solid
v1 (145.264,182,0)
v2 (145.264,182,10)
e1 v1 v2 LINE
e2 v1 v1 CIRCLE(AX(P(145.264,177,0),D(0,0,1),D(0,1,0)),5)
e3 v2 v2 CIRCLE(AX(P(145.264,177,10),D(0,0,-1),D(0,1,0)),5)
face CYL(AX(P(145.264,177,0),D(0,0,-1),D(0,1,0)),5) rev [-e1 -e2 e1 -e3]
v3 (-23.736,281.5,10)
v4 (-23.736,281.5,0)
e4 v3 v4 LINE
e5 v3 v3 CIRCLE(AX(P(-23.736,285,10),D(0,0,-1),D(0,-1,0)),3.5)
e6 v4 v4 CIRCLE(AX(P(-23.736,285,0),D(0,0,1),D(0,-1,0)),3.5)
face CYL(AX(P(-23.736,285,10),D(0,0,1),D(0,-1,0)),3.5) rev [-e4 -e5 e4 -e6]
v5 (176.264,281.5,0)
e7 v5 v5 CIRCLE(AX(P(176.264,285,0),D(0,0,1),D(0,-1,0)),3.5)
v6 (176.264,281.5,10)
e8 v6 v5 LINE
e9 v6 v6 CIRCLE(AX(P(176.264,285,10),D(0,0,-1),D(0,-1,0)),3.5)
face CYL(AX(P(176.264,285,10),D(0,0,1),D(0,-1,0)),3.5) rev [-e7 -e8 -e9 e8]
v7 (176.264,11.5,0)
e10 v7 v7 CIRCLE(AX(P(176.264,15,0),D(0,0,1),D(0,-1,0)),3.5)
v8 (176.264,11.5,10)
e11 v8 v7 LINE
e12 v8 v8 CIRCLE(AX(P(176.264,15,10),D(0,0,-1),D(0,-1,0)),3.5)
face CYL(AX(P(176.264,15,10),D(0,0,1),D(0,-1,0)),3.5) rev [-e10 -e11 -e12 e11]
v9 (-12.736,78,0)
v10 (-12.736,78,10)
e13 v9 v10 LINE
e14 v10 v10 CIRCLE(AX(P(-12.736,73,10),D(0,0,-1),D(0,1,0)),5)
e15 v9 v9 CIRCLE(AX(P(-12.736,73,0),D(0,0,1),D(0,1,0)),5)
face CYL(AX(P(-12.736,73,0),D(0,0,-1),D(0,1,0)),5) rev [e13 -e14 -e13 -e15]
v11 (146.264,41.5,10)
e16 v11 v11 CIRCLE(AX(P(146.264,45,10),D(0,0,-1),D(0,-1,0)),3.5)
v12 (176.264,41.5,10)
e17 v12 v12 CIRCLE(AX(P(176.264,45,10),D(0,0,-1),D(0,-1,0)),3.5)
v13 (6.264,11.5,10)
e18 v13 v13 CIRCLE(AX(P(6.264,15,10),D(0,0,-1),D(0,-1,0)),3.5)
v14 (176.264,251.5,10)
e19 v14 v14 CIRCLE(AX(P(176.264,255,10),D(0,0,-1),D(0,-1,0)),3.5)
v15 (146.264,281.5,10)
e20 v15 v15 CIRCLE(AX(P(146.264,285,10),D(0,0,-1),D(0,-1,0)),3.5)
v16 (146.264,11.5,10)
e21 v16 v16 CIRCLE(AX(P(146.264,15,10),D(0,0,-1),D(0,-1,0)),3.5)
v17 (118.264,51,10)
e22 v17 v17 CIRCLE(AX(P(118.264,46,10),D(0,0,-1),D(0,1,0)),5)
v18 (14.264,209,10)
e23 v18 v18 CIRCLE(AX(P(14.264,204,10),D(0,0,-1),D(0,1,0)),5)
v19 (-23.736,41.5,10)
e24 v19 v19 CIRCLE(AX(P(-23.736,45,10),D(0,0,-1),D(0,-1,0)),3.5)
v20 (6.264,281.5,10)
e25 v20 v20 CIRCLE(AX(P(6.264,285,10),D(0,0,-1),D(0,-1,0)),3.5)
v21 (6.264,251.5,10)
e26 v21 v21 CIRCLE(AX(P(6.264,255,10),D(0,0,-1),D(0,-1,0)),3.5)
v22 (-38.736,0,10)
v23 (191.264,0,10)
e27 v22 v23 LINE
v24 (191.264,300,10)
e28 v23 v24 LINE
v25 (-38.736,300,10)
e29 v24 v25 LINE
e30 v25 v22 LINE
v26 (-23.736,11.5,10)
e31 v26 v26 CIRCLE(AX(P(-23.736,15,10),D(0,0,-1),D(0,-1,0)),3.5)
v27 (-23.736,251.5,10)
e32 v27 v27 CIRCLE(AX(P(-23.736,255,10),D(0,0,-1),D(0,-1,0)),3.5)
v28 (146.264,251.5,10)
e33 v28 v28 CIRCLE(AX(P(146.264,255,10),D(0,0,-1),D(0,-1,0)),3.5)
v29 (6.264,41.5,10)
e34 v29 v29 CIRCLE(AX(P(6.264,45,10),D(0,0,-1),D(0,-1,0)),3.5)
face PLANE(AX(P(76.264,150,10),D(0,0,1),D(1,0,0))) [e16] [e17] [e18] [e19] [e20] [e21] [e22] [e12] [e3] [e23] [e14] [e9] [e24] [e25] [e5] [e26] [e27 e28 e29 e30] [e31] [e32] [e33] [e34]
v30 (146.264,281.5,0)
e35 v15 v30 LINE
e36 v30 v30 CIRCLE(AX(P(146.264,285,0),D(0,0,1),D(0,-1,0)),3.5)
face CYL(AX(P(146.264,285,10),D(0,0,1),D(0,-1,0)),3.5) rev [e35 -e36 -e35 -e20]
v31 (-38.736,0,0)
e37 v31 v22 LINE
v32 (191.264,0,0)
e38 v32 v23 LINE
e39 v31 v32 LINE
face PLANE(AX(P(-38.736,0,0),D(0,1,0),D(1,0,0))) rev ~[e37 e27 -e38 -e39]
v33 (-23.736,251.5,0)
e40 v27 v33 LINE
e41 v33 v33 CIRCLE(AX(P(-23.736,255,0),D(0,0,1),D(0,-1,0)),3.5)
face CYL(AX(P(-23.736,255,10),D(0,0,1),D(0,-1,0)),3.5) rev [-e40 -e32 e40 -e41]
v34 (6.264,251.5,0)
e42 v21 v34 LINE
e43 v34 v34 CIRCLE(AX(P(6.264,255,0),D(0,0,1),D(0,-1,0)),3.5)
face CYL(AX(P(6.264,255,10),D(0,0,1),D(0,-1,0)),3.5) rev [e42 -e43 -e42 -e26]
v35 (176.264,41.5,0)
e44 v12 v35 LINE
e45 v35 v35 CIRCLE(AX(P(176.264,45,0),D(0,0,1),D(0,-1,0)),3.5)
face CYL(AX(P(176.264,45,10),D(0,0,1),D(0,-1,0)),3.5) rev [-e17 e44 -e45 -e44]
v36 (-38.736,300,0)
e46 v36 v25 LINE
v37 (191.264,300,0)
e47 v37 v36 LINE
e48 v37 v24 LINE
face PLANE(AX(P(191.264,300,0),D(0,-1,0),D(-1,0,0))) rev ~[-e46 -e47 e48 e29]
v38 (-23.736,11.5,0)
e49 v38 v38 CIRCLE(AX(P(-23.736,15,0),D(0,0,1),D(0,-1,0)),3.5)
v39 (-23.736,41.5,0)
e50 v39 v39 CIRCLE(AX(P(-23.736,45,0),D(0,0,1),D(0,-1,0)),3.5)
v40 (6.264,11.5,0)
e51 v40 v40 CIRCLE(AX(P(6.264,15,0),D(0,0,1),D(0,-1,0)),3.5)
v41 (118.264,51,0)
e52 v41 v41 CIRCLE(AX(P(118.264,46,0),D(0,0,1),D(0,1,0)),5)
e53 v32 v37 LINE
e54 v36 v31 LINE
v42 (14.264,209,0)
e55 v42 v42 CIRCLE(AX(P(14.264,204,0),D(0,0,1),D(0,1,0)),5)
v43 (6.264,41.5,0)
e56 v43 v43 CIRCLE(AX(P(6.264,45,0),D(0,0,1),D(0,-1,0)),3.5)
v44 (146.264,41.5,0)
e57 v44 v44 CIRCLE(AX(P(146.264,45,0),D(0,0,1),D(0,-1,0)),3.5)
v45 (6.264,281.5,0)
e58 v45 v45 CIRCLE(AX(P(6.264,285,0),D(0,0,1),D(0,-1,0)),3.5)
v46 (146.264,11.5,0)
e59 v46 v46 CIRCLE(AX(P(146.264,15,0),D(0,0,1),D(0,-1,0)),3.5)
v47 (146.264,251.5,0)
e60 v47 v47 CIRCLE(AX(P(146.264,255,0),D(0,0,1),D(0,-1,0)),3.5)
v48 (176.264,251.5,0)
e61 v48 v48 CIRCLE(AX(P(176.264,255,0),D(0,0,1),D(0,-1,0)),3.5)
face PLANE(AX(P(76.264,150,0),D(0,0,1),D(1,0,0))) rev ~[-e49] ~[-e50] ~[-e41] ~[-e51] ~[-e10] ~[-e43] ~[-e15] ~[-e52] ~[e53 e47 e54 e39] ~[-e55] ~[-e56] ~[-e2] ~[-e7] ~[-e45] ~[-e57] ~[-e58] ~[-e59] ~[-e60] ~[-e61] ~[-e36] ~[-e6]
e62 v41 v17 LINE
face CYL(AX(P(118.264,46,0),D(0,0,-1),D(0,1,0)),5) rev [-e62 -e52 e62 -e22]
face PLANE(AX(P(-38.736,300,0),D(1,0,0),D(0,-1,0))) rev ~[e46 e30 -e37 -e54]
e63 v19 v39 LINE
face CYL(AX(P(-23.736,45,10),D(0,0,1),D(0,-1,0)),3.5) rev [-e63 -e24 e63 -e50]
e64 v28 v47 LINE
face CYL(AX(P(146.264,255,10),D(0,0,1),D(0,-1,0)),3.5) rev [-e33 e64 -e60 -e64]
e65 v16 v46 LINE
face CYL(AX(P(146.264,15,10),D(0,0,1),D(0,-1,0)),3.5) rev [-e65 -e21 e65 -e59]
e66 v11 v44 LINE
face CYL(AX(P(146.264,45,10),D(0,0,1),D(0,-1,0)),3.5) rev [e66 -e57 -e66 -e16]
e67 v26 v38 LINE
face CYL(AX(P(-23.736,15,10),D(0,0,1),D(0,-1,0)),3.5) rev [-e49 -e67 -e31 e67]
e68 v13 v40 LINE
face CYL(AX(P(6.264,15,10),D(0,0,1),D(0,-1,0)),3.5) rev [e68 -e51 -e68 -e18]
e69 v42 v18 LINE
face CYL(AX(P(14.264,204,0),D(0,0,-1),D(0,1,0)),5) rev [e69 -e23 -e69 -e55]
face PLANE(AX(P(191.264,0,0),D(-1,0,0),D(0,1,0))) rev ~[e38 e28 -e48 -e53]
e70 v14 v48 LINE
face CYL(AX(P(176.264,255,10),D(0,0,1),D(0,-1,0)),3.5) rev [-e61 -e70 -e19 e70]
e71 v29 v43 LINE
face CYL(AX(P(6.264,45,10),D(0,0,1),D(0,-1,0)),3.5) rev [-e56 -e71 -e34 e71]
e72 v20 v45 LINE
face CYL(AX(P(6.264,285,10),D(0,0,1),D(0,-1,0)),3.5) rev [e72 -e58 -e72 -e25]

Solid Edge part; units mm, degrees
sketch "Sketch1" plane through (0, 0, 0) normal (0, 0, 1) x (1, 0, 0)
  line L0 (-38.736, 0) -> (191.264, 0)
  line L1 (191.264, 0) -> (191.264, 300)
  line L2 (191.264, 300) -> (-38.736, 300)
  line L3 (-38.736, 300) -> (-38.736, 0)
  dimension "D1" = 300
  dimension "D2" = 230
extrude "Protrusion1" add sketch "Sketch1" along normal blind 10
hole "Hole_1" at (6.264, 285, 10) direction (0, 0, -1) diameter 7 end up to next
hole "Hole1" at (6.264, 255, 10) direction (0, 0, -1) diameter 7 end up to next
hole "Hole2" at (-23.736, 255, 10) direction (0, 0, -1) diameter 7 end up to next
hole "Hole3" at (-23.736, 45, 10) direction (0, 0, -1) diameter 7 end up to next
hole "Hole4" at (6.264, 45, 10) direction (0, 0, -1) diameter 7 end up to next
hole "Hole5" at (6.264, 15, 10) direction (0, 0, -1) diameter 7 end up to next
hole "Hole6" at (-23.736, 15, 10) direction (0, 0, -1) diameter 7 end up to next
hole "Hole7" at (-23.736, 285, 10) direction (0, 0, -1) diameter 7 end up to next
hole "Hole8" at (146.264, 45, 10) direction (0, 0, -1) diameter 7 end up to next
hole "Hole9" at (176.264, 45, 10) direction (0, 0, -1) diameter 7 end up to next
hole "Hole10" at (176.264, 15, 10) direction (0, 0, -1) diameter 7 end up to next
hole "Hole11" at (146.264, 15, 10) direction (0, 0, -1) diameter 7 end up to next
hole "Hole12" at (146.264, 285, 10) direction (0, 0, -1) diameter 7 end up to next
hole "Hole13" at (176.264, 285, 10) direction (0, 0, -1) diameter 7 end up to next
hole "Hole14" at (176.264, 255, 10) direction (0, 0, -1) diameter 7 end up to next
hole "Hole15" at (146.264, 255, 10) direction (0, 0, -1) diameter 7 end up to next
hole "Hole_30" at (14.264, 204, 0) direction (0, 0, 1) diameter 10 end up to next
hole "Hole16" at (-12.736, 73, 0) direction (0, 0, 1) diameter 10 end up to next
hole "Hole17" at (118.264, 46, 0) direction (0, 0, 1) diameter 10 end up to next
hole "Hole18" at (145.264, 177, 0) direction (0, 0, 1) diameter 10 end up to next
properties material "Aluminum, 6061-T6"
